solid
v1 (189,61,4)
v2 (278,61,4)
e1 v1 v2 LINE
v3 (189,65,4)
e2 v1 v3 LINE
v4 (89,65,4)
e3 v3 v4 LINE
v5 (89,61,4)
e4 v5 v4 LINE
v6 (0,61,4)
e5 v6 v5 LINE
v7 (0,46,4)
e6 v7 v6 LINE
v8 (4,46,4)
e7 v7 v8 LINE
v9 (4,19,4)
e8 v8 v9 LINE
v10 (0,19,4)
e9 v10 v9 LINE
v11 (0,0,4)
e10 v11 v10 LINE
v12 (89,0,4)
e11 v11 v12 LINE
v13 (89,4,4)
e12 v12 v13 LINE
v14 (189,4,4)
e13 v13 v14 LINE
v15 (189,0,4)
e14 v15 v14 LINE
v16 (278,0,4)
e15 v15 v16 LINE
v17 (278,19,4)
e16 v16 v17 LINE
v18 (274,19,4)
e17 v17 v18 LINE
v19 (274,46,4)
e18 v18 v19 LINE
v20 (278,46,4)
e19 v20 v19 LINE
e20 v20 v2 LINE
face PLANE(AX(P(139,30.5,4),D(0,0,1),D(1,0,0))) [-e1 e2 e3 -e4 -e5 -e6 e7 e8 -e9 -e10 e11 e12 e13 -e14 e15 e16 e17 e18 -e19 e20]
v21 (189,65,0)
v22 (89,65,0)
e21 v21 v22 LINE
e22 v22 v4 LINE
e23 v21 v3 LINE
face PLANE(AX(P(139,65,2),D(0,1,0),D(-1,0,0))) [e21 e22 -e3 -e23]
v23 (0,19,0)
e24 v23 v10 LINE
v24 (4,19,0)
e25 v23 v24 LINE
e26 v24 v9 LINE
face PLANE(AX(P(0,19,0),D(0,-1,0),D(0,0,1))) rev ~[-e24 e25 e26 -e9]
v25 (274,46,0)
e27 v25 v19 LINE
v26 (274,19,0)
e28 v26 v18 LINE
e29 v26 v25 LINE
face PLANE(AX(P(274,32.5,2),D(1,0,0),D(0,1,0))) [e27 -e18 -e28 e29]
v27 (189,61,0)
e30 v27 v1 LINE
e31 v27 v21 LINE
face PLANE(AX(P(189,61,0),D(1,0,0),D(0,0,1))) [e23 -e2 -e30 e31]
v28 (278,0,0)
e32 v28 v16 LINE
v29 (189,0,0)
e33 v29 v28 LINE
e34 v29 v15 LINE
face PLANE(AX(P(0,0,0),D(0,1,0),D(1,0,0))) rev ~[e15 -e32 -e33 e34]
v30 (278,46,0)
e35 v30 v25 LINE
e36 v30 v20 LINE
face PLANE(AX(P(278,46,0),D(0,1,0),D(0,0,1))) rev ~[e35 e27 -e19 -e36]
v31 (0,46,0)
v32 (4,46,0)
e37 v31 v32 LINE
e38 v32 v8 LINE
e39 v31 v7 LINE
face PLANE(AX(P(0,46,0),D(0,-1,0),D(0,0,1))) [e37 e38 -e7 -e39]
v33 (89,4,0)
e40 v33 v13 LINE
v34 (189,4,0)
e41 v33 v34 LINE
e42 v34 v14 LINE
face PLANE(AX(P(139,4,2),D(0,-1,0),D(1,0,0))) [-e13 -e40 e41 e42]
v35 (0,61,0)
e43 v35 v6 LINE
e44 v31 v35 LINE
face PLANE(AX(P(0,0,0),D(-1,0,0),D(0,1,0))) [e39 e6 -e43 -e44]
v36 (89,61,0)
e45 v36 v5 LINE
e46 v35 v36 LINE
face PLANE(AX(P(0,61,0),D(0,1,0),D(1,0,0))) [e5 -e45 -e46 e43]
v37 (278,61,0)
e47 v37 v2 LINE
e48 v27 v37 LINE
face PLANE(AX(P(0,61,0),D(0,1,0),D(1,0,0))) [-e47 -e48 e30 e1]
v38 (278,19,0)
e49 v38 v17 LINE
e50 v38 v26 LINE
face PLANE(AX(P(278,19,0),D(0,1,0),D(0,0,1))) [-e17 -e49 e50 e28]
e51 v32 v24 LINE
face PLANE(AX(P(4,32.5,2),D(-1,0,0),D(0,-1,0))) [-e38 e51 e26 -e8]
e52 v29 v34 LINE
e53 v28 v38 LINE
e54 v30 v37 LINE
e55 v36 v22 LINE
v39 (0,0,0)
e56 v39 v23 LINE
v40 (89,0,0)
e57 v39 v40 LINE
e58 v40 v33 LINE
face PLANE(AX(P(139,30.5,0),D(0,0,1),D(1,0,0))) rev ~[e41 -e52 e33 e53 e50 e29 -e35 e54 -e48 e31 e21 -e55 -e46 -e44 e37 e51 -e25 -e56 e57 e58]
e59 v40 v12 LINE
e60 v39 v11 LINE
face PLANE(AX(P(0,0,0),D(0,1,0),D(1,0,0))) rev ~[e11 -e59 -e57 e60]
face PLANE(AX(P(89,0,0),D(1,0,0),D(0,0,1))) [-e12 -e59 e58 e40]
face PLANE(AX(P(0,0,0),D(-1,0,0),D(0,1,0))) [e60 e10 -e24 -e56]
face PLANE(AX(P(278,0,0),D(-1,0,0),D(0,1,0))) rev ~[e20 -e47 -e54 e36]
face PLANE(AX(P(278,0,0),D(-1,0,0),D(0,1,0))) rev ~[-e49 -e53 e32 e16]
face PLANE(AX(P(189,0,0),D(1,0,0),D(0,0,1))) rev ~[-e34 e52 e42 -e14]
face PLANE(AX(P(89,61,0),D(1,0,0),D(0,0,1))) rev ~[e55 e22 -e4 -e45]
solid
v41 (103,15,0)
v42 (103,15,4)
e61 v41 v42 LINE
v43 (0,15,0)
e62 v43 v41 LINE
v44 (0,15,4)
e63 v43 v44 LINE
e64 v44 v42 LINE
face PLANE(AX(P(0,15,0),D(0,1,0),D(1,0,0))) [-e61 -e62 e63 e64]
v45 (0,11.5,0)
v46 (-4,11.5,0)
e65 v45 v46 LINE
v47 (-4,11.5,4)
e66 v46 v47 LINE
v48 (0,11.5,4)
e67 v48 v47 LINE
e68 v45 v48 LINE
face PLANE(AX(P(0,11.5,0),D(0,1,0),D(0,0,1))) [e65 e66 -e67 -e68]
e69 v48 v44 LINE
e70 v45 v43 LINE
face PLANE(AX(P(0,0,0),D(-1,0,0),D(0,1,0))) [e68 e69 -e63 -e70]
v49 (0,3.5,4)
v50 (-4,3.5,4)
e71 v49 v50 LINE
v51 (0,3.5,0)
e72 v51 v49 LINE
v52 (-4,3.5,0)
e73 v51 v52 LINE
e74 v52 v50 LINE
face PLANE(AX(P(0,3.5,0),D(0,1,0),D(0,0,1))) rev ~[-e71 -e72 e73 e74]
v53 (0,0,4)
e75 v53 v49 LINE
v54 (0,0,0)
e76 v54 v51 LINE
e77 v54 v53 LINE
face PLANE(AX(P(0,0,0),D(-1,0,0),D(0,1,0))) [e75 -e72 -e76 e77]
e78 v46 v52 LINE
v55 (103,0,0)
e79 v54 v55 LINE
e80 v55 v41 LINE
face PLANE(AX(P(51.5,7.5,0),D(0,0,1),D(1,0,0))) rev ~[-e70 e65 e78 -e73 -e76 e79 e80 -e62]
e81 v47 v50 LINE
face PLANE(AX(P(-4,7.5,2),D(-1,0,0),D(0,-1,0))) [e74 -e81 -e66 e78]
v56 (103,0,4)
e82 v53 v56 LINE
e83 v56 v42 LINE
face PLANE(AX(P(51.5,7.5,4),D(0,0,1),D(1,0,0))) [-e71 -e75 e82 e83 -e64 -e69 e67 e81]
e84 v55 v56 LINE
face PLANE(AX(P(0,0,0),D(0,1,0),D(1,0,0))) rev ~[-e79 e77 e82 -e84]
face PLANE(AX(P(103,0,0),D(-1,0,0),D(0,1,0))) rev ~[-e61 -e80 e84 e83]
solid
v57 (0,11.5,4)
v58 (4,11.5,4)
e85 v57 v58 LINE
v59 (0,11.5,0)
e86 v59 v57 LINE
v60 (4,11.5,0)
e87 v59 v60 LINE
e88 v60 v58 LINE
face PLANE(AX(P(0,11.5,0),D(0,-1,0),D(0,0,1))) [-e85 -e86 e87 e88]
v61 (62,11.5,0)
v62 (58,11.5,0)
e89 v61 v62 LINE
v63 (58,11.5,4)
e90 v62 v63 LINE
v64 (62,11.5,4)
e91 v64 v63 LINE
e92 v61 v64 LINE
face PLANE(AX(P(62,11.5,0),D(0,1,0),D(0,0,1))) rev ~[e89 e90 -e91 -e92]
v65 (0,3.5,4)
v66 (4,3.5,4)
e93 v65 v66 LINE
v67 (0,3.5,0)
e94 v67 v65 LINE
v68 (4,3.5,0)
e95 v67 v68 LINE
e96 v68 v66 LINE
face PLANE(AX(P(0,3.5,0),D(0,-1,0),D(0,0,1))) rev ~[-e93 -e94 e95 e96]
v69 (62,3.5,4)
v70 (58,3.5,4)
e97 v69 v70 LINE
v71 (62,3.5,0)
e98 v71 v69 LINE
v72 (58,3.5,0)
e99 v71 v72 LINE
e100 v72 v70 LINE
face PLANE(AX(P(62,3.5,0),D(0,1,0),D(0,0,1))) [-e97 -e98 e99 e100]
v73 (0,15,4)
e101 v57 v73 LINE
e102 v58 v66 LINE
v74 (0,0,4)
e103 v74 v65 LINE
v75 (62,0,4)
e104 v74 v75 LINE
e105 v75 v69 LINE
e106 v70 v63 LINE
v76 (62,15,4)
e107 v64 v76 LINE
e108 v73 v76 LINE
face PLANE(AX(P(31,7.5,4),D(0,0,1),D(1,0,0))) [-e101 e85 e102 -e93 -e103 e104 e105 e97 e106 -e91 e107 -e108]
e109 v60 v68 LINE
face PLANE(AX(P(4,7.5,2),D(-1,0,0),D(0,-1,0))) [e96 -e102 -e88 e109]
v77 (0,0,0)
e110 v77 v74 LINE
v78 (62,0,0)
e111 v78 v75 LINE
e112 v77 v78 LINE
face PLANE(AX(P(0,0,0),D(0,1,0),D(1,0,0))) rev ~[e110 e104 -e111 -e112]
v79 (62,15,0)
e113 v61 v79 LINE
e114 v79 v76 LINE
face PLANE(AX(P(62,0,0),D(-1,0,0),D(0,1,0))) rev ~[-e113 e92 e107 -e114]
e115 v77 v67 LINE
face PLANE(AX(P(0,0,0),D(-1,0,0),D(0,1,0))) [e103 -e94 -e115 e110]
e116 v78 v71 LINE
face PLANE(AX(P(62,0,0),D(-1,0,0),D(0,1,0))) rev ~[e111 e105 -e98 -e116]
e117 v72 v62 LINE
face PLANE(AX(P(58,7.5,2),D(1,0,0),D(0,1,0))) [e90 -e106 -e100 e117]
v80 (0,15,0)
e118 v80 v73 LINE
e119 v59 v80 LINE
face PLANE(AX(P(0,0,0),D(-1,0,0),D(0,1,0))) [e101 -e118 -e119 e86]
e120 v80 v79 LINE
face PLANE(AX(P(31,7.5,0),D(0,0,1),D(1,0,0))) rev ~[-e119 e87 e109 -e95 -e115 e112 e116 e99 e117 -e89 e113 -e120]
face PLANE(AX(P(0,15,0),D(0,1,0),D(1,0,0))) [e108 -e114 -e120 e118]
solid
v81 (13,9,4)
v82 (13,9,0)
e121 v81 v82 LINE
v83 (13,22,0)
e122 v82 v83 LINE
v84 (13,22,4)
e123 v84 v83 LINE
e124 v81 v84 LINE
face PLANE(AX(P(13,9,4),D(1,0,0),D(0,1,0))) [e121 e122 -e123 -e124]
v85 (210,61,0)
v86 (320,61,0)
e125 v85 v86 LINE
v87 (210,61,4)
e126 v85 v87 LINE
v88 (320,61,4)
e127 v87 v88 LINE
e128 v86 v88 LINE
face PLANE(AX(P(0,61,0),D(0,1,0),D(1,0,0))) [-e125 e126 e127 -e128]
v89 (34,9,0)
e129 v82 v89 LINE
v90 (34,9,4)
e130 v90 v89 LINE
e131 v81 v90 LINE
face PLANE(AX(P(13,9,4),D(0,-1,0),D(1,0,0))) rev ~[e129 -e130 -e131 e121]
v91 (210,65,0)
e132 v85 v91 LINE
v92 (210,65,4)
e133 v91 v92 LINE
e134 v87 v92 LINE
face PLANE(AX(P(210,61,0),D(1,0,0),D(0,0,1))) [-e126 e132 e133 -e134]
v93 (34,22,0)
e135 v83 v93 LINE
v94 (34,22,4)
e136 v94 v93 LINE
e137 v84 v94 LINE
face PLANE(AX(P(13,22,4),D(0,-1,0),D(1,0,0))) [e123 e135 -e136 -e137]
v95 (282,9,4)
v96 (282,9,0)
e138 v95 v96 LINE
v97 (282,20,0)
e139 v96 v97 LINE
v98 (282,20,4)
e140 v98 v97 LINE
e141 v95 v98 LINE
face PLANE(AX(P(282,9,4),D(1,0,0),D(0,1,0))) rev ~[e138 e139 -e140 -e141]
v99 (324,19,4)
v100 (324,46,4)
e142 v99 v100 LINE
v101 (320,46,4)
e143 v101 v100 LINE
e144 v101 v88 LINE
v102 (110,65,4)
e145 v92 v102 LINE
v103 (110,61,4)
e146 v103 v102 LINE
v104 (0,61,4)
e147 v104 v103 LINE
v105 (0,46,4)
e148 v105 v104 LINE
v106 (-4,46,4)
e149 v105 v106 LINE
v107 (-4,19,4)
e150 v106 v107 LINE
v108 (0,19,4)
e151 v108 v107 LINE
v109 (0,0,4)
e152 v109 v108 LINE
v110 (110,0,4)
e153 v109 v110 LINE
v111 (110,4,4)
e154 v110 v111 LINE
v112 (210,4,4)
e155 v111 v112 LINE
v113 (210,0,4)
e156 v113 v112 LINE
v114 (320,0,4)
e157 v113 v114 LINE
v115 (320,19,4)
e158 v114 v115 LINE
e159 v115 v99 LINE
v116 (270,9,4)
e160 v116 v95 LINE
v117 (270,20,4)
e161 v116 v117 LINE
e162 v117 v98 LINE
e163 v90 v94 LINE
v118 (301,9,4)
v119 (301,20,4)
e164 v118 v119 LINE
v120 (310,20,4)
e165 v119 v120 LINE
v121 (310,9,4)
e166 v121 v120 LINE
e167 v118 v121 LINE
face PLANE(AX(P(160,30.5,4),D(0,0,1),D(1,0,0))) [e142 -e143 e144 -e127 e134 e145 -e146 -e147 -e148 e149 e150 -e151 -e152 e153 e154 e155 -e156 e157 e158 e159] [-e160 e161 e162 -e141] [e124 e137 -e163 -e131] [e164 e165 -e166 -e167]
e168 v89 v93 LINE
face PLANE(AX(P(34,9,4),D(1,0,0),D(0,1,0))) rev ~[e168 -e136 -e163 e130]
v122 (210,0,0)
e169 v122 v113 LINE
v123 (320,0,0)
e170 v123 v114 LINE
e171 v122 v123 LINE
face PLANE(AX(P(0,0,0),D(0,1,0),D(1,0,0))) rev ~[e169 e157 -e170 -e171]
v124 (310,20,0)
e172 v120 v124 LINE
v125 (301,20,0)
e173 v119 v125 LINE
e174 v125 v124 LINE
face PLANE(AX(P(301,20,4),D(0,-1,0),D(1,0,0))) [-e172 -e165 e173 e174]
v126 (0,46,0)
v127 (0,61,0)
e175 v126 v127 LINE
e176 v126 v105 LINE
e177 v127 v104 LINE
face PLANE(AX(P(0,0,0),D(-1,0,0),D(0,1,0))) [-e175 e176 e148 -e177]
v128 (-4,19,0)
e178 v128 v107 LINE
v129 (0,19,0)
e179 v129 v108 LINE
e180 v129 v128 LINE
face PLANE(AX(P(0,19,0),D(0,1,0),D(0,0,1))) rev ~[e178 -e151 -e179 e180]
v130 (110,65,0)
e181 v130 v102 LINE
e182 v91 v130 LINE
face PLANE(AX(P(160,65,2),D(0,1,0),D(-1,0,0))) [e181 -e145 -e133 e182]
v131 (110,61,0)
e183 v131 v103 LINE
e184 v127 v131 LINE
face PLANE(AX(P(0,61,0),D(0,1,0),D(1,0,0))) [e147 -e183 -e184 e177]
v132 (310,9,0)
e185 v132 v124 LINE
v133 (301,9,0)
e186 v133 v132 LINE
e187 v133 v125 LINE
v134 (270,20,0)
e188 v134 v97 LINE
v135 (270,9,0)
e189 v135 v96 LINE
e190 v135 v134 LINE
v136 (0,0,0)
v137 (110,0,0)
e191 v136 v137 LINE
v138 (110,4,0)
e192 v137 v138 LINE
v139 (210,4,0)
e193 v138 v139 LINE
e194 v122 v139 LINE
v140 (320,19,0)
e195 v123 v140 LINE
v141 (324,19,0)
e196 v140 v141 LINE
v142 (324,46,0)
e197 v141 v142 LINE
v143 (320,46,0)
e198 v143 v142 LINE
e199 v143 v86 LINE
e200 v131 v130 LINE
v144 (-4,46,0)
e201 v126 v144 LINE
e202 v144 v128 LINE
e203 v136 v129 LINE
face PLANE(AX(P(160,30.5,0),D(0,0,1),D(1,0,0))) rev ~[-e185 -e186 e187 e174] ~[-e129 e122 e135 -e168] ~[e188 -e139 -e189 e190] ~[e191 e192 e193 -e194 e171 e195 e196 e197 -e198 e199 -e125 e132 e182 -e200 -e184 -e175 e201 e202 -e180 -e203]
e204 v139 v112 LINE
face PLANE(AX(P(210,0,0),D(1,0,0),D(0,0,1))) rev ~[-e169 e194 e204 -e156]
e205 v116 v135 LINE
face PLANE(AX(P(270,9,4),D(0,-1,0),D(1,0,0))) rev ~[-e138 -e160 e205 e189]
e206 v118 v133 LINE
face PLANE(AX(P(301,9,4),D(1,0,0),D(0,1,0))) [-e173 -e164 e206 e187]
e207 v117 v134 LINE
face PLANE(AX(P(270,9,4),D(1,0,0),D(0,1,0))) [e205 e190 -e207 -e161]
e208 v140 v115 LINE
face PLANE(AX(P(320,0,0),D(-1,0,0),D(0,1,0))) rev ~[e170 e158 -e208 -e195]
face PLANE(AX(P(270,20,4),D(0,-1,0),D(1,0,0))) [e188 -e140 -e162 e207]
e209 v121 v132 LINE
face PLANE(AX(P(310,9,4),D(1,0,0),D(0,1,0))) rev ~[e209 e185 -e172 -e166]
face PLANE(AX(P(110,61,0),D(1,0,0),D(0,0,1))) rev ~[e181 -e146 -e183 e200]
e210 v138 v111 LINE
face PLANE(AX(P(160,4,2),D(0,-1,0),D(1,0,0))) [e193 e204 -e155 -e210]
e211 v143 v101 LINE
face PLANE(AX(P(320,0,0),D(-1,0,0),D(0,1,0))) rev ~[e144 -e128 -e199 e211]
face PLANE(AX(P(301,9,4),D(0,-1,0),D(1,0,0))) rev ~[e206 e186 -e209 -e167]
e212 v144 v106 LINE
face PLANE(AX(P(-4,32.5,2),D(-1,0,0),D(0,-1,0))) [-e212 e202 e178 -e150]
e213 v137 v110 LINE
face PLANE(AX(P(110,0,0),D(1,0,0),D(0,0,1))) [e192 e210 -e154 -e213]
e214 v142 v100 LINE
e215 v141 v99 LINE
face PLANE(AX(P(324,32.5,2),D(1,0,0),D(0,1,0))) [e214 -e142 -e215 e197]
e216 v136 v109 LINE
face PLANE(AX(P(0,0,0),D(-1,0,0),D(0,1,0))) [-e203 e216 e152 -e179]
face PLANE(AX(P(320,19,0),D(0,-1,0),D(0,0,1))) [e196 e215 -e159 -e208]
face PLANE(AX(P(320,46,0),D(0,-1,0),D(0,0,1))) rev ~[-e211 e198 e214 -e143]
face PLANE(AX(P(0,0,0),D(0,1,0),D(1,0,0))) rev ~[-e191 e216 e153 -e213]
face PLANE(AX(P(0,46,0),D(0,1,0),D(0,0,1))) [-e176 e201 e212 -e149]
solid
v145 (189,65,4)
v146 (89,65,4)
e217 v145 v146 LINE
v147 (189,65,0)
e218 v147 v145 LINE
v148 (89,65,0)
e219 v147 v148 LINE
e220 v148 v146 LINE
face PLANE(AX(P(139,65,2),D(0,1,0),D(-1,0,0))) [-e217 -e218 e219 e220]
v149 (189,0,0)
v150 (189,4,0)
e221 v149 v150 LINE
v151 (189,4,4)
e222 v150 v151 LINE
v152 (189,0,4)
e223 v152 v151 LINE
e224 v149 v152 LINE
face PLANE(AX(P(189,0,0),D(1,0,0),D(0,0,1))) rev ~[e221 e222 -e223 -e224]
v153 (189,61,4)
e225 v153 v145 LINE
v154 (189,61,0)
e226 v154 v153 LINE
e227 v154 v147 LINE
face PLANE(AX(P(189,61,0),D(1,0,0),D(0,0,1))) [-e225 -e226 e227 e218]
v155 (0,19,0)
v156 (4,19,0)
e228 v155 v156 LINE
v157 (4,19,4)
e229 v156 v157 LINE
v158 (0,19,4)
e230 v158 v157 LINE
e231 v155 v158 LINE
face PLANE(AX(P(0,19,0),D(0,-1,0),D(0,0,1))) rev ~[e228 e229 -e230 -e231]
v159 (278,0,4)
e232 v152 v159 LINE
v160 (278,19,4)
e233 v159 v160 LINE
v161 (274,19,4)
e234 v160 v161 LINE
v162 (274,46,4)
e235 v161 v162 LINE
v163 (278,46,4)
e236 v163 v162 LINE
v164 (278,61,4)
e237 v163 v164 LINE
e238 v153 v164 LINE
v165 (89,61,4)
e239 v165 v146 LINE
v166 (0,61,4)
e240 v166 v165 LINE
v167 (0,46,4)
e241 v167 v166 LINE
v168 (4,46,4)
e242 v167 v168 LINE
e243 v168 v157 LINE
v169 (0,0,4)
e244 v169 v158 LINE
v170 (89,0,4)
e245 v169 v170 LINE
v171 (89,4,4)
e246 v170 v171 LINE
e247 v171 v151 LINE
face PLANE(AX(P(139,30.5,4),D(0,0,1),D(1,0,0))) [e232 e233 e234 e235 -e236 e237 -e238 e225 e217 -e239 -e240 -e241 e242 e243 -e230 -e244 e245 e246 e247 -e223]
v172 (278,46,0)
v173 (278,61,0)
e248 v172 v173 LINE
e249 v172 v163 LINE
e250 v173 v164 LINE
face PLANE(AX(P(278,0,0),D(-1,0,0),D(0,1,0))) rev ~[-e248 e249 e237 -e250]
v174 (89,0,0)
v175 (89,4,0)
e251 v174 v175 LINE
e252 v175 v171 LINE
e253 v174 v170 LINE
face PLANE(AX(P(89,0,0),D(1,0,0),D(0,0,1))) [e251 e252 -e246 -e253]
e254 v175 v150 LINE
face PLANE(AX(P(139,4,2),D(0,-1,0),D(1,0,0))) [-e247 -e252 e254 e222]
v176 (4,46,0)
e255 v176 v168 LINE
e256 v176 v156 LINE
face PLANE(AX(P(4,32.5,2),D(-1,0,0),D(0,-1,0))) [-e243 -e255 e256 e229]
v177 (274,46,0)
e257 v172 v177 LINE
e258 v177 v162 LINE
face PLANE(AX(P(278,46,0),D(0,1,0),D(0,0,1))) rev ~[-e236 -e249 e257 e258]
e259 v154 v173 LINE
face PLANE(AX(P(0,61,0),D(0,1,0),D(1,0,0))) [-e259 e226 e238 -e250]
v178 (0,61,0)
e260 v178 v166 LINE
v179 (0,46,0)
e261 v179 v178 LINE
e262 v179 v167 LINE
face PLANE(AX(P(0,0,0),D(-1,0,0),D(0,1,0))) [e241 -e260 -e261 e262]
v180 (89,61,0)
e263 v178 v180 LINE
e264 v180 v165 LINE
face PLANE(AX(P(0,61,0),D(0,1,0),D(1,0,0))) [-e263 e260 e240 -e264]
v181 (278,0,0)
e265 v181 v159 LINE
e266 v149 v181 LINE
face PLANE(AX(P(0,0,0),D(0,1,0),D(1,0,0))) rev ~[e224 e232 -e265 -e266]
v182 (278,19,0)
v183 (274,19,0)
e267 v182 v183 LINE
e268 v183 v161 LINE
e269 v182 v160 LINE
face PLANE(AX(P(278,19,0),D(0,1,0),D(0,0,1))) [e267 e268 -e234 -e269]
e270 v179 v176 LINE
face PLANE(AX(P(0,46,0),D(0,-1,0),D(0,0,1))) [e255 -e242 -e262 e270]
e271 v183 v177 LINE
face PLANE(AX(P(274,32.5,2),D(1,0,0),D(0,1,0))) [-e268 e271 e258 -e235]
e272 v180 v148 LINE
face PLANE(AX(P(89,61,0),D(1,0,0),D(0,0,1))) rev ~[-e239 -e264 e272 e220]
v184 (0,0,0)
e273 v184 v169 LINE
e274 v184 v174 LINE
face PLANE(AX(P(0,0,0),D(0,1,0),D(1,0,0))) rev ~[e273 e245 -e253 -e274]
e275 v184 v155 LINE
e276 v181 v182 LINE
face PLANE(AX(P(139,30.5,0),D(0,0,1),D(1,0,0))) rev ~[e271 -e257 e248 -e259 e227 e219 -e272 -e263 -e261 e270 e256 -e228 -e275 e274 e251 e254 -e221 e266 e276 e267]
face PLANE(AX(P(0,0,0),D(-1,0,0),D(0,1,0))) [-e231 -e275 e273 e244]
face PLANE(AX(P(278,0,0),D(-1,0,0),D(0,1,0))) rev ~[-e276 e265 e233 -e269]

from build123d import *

# Parameters (mm, degrees)
BOX_W           = 278
BOX_H           = 61
BOX_DEPTH       = 4
SKETCH_W        = 100
SKETCH_H        = 4
POCKET_DEPTH    = 4
SKETCH001_W     = 100
SKETCH001_H     = 4
PAD_DEPTH       = 4
SKETCH002_W     = 27
SKETCH002_H     = 4
POCKET001_DEPTH = 4
SKETCH003_W     = 27
SKETCH003_H     = 4
POCKET002_DEPTH = 4
BOX001_W        = 320
BOX001_H        = 61
BOX001_DEPTH    = 4
SKETCH004_W     = 100
SKETCH004_H     = 4
POCKET003_DEPTH = 4
SKETCH005_W     = 100
SKETCH005_H     = 4
PAD001_DEPTH    = 4
SKETCH006_W     = 27
SKETCH006_H     = 4
PAD002_DEPTH    = 4
SKETCH007_W     = 27
SKETCH007_H     = 4
PAD003_DEPTH    = 4
SKETCH008_W     = 21
SKETCH008_H     = 13
SKETCH008_W_2   = 12
SKETCH008_H_2   = 11
SKETCH008_W_3   = 9
POCKET004_DEPTH = 5
BOX002_W        = 103
BOX002_H        = 15
BOX002_DEPTH    = 4
SKETCH009_W     = 8
SKETCH009_H     = 4
PAD004_DEPTH    = 4
BOX003_W        = 62
BOX003_H        = 15
BOX003_DEPTH    = 4
SKETCH010_W     = 8
SKETCH010_H     = 4
POCKET005_DEPTH = 4
SKETCH011_W     = 8
SKETCH011_H     = 4
POCKET006_DEPTH = 4
SKETCH012_W     = 27
SKETCH012_H     = 4
POCKET007_DEPTH = 4


with BuildPart() as pocket001:
    # Box → Box (new body)
    with BuildSketch(Plane.XY):
        with Locations((139, 30.5)):
            Rectangle(BOX_W, BOX_H)
    extrude(amount=BOX_DEPTH)

    # Sketch → Pocket (cut)
    with BuildSketch(Plane.XZ):
        with Locations((139, 2)):
            Rectangle(SKETCH_W, SKETCH_H)
    extrude(amount=-POCKET_DEPTH, mode=Mode.SUBTRACT)

    # Sketch001 → Pad (new body)
    with BuildSketch(Plane(origin=(0, 61, 0), x_dir=(-1, 0, 0), z_dir=(0, 1, 0))):
        with Locations((-139, 2)):
            Rectangle(SKETCH001_W, SKETCH001_H)
    extrude(amount=PAD_DEPTH)

    # Sketch002 → Pocket001 (cut)
    with BuildSketch(Plane.YZ.offset(278)):
        with Locations((32.5, 2)):
            Rectangle(SKETCH002_W, SKETCH002_H)
    extrude(amount=-POCKET001_DEPTH, mode=Mode.SUBTRACT)


with BuildPart() as interface_4mm_5_amarillo:
    # Pocket002 base: copy of Pocket001
    add(pocket001.part)

    # Sketch003 → Pocket002 (cut)
    with BuildSketch(Plane(origin=(0, 0, 0), x_dir=(0, -1, 0), z_dir=(-1, 0, 0))):
        with Locations((-32.5, 2)):
            Rectangle(SKETCH003_W, SKETCH003_H)
    extrude(amount=-POCKET002_DEPTH, mode=Mode.SUBTRACT)


with BuildPart() as pocket004:
    # Box001 → Box001 (new body)
    with BuildSketch(Plane.XY):
        with Locations((160, 30.5)):
            Rectangle(BOX001_W, BOX001_H)
    extrude(amount=BOX001_DEPTH)

    # Sketch004 → Pocket003 (cut)
    with BuildSketch(Plane.XZ):
        with Locations((160, 2)):
            Rectangle(SKETCH004_W, SKETCH004_H)
    extrude(amount=-POCKET003_DEPTH, mode=Mode.SUBTRACT)

    # Sketch005 → Pad001 (new body)
    with BuildSketch(Plane(origin=(0, 61, 0), x_dir=(-1, 0, 0), z_dir=(0, 1, 0))):
        with Locations((-160, 2)):
            Rectangle(SKETCH005_W, SKETCH005_H)
    extrude(amount=PAD001_DEPTH)

    # Sketch006 → Pad002 (new body)
    with BuildSketch(Plane(origin=(0, 0, 0), x_dir=(0, -1, 0), z_dir=(-1, 0, 0))):
        with Locations((-32.5, 2)):
            Rectangle(SKETCH006_W, SKETCH006_H)
    extrude(amount=PAD002_DEPTH)

    # Sketch007 → Pad003 (new body)
    with BuildSketch(Plane.YZ.offset(320)):
        with Locations((32.5, 2)):
            Rectangle(SKETCH007_W, SKETCH007_H)
    extrude(amount=PAD003_DEPTH)

    # Sketch008 → Pocket004 (cut)
    with BuildSketch(Plane.XY.offset(4)):
        with Locations((23.5, 15.5)):
            Rectangle(SKETCH008_W, SKETCH008_H)
        with Locations((276, 14.5)):
            Rectangle(SKETCH008_W_2, SKETCH008_H_2)
        with Locations((305.5, 14.5)):
            Rectangle(SKETCH008_W_3, SKETCH008_H_2)
    extrude(amount=-POCKET004_DEPTH, mode=Mode.SUBTRACT)


with BuildPart() as pad004:
    # Box002 → Box002 (new body)
    with BuildSketch(Plane.XY):
        with Locations((51.5, 7.5)):
            Rectangle(BOX002_W, BOX002_H)
    extrude(amount=BOX002_DEPTH)

    # Sketch009 → Pad004 (new body)
    with BuildSketch(Plane(origin=(0, 0, 0), x_dir=(0, -1, 0), z_dir=(-1, 0, 0))):
        with Locations((-7.5, 2)):
            Rectangle(SKETCH009_W, SKETCH009_H)
    extrude(amount=PAD004_DEPTH)


with BuildPart() as pocket006:
    # Box003 → Box003 (new body)
    with BuildSketch(Plane.XY):
        with Locations((31, 7.5)):
            Rectangle(BOX003_W, BOX003_H)
    extrude(amount=BOX003_DEPTH)

    # Sketch010 → Pocket005 (cut)
    with BuildSketch(Plane.YZ.offset(62)):
        with Locations((7.5, 2)):
            Rectangle(SKETCH010_W, SKETCH010_H)
    extrude(amount=-POCKET005_DEPTH, mode=Mode.SUBTRACT)

    # Sketch011 → Pocket006 (cut)
    with BuildSketch(Plane(origin=(0, 0, 0), x_dir=(0, -1, 0), z_dir=(-1, 0, 0))):
        with Locations((-7.5, 2)):
            Rectangle(SKETCH011_W, SKETCH011_H)
    extrude(amount=-POCKET006_DEPTH, mode=Mode.SUBTRACT)


with BuildPart() as interface_4mm_8_rojo:
    # Pocket007 base: copy of Pocket001
    add(pocket001.part)

    # Sketch012 → Pocket007 (cut)
    with BuildSketch(Plane(origin=(0, 0, 0), x_dir=(0, -1, 0), z_dir=(-1, 0, 0))):
        with Locations((-32.5, 2)):
            Rectangle(SKETCH012_W, SKETCH012_H)
    extrude(amount=-POCKET007_DEPTH, mode=Mode.SUBTRACT)


solid = Compound([interface_4mm_5_amarillo.part, pocket004.part, pad004.part, pocket006.part, interface_4mm_8_rojo.part])
